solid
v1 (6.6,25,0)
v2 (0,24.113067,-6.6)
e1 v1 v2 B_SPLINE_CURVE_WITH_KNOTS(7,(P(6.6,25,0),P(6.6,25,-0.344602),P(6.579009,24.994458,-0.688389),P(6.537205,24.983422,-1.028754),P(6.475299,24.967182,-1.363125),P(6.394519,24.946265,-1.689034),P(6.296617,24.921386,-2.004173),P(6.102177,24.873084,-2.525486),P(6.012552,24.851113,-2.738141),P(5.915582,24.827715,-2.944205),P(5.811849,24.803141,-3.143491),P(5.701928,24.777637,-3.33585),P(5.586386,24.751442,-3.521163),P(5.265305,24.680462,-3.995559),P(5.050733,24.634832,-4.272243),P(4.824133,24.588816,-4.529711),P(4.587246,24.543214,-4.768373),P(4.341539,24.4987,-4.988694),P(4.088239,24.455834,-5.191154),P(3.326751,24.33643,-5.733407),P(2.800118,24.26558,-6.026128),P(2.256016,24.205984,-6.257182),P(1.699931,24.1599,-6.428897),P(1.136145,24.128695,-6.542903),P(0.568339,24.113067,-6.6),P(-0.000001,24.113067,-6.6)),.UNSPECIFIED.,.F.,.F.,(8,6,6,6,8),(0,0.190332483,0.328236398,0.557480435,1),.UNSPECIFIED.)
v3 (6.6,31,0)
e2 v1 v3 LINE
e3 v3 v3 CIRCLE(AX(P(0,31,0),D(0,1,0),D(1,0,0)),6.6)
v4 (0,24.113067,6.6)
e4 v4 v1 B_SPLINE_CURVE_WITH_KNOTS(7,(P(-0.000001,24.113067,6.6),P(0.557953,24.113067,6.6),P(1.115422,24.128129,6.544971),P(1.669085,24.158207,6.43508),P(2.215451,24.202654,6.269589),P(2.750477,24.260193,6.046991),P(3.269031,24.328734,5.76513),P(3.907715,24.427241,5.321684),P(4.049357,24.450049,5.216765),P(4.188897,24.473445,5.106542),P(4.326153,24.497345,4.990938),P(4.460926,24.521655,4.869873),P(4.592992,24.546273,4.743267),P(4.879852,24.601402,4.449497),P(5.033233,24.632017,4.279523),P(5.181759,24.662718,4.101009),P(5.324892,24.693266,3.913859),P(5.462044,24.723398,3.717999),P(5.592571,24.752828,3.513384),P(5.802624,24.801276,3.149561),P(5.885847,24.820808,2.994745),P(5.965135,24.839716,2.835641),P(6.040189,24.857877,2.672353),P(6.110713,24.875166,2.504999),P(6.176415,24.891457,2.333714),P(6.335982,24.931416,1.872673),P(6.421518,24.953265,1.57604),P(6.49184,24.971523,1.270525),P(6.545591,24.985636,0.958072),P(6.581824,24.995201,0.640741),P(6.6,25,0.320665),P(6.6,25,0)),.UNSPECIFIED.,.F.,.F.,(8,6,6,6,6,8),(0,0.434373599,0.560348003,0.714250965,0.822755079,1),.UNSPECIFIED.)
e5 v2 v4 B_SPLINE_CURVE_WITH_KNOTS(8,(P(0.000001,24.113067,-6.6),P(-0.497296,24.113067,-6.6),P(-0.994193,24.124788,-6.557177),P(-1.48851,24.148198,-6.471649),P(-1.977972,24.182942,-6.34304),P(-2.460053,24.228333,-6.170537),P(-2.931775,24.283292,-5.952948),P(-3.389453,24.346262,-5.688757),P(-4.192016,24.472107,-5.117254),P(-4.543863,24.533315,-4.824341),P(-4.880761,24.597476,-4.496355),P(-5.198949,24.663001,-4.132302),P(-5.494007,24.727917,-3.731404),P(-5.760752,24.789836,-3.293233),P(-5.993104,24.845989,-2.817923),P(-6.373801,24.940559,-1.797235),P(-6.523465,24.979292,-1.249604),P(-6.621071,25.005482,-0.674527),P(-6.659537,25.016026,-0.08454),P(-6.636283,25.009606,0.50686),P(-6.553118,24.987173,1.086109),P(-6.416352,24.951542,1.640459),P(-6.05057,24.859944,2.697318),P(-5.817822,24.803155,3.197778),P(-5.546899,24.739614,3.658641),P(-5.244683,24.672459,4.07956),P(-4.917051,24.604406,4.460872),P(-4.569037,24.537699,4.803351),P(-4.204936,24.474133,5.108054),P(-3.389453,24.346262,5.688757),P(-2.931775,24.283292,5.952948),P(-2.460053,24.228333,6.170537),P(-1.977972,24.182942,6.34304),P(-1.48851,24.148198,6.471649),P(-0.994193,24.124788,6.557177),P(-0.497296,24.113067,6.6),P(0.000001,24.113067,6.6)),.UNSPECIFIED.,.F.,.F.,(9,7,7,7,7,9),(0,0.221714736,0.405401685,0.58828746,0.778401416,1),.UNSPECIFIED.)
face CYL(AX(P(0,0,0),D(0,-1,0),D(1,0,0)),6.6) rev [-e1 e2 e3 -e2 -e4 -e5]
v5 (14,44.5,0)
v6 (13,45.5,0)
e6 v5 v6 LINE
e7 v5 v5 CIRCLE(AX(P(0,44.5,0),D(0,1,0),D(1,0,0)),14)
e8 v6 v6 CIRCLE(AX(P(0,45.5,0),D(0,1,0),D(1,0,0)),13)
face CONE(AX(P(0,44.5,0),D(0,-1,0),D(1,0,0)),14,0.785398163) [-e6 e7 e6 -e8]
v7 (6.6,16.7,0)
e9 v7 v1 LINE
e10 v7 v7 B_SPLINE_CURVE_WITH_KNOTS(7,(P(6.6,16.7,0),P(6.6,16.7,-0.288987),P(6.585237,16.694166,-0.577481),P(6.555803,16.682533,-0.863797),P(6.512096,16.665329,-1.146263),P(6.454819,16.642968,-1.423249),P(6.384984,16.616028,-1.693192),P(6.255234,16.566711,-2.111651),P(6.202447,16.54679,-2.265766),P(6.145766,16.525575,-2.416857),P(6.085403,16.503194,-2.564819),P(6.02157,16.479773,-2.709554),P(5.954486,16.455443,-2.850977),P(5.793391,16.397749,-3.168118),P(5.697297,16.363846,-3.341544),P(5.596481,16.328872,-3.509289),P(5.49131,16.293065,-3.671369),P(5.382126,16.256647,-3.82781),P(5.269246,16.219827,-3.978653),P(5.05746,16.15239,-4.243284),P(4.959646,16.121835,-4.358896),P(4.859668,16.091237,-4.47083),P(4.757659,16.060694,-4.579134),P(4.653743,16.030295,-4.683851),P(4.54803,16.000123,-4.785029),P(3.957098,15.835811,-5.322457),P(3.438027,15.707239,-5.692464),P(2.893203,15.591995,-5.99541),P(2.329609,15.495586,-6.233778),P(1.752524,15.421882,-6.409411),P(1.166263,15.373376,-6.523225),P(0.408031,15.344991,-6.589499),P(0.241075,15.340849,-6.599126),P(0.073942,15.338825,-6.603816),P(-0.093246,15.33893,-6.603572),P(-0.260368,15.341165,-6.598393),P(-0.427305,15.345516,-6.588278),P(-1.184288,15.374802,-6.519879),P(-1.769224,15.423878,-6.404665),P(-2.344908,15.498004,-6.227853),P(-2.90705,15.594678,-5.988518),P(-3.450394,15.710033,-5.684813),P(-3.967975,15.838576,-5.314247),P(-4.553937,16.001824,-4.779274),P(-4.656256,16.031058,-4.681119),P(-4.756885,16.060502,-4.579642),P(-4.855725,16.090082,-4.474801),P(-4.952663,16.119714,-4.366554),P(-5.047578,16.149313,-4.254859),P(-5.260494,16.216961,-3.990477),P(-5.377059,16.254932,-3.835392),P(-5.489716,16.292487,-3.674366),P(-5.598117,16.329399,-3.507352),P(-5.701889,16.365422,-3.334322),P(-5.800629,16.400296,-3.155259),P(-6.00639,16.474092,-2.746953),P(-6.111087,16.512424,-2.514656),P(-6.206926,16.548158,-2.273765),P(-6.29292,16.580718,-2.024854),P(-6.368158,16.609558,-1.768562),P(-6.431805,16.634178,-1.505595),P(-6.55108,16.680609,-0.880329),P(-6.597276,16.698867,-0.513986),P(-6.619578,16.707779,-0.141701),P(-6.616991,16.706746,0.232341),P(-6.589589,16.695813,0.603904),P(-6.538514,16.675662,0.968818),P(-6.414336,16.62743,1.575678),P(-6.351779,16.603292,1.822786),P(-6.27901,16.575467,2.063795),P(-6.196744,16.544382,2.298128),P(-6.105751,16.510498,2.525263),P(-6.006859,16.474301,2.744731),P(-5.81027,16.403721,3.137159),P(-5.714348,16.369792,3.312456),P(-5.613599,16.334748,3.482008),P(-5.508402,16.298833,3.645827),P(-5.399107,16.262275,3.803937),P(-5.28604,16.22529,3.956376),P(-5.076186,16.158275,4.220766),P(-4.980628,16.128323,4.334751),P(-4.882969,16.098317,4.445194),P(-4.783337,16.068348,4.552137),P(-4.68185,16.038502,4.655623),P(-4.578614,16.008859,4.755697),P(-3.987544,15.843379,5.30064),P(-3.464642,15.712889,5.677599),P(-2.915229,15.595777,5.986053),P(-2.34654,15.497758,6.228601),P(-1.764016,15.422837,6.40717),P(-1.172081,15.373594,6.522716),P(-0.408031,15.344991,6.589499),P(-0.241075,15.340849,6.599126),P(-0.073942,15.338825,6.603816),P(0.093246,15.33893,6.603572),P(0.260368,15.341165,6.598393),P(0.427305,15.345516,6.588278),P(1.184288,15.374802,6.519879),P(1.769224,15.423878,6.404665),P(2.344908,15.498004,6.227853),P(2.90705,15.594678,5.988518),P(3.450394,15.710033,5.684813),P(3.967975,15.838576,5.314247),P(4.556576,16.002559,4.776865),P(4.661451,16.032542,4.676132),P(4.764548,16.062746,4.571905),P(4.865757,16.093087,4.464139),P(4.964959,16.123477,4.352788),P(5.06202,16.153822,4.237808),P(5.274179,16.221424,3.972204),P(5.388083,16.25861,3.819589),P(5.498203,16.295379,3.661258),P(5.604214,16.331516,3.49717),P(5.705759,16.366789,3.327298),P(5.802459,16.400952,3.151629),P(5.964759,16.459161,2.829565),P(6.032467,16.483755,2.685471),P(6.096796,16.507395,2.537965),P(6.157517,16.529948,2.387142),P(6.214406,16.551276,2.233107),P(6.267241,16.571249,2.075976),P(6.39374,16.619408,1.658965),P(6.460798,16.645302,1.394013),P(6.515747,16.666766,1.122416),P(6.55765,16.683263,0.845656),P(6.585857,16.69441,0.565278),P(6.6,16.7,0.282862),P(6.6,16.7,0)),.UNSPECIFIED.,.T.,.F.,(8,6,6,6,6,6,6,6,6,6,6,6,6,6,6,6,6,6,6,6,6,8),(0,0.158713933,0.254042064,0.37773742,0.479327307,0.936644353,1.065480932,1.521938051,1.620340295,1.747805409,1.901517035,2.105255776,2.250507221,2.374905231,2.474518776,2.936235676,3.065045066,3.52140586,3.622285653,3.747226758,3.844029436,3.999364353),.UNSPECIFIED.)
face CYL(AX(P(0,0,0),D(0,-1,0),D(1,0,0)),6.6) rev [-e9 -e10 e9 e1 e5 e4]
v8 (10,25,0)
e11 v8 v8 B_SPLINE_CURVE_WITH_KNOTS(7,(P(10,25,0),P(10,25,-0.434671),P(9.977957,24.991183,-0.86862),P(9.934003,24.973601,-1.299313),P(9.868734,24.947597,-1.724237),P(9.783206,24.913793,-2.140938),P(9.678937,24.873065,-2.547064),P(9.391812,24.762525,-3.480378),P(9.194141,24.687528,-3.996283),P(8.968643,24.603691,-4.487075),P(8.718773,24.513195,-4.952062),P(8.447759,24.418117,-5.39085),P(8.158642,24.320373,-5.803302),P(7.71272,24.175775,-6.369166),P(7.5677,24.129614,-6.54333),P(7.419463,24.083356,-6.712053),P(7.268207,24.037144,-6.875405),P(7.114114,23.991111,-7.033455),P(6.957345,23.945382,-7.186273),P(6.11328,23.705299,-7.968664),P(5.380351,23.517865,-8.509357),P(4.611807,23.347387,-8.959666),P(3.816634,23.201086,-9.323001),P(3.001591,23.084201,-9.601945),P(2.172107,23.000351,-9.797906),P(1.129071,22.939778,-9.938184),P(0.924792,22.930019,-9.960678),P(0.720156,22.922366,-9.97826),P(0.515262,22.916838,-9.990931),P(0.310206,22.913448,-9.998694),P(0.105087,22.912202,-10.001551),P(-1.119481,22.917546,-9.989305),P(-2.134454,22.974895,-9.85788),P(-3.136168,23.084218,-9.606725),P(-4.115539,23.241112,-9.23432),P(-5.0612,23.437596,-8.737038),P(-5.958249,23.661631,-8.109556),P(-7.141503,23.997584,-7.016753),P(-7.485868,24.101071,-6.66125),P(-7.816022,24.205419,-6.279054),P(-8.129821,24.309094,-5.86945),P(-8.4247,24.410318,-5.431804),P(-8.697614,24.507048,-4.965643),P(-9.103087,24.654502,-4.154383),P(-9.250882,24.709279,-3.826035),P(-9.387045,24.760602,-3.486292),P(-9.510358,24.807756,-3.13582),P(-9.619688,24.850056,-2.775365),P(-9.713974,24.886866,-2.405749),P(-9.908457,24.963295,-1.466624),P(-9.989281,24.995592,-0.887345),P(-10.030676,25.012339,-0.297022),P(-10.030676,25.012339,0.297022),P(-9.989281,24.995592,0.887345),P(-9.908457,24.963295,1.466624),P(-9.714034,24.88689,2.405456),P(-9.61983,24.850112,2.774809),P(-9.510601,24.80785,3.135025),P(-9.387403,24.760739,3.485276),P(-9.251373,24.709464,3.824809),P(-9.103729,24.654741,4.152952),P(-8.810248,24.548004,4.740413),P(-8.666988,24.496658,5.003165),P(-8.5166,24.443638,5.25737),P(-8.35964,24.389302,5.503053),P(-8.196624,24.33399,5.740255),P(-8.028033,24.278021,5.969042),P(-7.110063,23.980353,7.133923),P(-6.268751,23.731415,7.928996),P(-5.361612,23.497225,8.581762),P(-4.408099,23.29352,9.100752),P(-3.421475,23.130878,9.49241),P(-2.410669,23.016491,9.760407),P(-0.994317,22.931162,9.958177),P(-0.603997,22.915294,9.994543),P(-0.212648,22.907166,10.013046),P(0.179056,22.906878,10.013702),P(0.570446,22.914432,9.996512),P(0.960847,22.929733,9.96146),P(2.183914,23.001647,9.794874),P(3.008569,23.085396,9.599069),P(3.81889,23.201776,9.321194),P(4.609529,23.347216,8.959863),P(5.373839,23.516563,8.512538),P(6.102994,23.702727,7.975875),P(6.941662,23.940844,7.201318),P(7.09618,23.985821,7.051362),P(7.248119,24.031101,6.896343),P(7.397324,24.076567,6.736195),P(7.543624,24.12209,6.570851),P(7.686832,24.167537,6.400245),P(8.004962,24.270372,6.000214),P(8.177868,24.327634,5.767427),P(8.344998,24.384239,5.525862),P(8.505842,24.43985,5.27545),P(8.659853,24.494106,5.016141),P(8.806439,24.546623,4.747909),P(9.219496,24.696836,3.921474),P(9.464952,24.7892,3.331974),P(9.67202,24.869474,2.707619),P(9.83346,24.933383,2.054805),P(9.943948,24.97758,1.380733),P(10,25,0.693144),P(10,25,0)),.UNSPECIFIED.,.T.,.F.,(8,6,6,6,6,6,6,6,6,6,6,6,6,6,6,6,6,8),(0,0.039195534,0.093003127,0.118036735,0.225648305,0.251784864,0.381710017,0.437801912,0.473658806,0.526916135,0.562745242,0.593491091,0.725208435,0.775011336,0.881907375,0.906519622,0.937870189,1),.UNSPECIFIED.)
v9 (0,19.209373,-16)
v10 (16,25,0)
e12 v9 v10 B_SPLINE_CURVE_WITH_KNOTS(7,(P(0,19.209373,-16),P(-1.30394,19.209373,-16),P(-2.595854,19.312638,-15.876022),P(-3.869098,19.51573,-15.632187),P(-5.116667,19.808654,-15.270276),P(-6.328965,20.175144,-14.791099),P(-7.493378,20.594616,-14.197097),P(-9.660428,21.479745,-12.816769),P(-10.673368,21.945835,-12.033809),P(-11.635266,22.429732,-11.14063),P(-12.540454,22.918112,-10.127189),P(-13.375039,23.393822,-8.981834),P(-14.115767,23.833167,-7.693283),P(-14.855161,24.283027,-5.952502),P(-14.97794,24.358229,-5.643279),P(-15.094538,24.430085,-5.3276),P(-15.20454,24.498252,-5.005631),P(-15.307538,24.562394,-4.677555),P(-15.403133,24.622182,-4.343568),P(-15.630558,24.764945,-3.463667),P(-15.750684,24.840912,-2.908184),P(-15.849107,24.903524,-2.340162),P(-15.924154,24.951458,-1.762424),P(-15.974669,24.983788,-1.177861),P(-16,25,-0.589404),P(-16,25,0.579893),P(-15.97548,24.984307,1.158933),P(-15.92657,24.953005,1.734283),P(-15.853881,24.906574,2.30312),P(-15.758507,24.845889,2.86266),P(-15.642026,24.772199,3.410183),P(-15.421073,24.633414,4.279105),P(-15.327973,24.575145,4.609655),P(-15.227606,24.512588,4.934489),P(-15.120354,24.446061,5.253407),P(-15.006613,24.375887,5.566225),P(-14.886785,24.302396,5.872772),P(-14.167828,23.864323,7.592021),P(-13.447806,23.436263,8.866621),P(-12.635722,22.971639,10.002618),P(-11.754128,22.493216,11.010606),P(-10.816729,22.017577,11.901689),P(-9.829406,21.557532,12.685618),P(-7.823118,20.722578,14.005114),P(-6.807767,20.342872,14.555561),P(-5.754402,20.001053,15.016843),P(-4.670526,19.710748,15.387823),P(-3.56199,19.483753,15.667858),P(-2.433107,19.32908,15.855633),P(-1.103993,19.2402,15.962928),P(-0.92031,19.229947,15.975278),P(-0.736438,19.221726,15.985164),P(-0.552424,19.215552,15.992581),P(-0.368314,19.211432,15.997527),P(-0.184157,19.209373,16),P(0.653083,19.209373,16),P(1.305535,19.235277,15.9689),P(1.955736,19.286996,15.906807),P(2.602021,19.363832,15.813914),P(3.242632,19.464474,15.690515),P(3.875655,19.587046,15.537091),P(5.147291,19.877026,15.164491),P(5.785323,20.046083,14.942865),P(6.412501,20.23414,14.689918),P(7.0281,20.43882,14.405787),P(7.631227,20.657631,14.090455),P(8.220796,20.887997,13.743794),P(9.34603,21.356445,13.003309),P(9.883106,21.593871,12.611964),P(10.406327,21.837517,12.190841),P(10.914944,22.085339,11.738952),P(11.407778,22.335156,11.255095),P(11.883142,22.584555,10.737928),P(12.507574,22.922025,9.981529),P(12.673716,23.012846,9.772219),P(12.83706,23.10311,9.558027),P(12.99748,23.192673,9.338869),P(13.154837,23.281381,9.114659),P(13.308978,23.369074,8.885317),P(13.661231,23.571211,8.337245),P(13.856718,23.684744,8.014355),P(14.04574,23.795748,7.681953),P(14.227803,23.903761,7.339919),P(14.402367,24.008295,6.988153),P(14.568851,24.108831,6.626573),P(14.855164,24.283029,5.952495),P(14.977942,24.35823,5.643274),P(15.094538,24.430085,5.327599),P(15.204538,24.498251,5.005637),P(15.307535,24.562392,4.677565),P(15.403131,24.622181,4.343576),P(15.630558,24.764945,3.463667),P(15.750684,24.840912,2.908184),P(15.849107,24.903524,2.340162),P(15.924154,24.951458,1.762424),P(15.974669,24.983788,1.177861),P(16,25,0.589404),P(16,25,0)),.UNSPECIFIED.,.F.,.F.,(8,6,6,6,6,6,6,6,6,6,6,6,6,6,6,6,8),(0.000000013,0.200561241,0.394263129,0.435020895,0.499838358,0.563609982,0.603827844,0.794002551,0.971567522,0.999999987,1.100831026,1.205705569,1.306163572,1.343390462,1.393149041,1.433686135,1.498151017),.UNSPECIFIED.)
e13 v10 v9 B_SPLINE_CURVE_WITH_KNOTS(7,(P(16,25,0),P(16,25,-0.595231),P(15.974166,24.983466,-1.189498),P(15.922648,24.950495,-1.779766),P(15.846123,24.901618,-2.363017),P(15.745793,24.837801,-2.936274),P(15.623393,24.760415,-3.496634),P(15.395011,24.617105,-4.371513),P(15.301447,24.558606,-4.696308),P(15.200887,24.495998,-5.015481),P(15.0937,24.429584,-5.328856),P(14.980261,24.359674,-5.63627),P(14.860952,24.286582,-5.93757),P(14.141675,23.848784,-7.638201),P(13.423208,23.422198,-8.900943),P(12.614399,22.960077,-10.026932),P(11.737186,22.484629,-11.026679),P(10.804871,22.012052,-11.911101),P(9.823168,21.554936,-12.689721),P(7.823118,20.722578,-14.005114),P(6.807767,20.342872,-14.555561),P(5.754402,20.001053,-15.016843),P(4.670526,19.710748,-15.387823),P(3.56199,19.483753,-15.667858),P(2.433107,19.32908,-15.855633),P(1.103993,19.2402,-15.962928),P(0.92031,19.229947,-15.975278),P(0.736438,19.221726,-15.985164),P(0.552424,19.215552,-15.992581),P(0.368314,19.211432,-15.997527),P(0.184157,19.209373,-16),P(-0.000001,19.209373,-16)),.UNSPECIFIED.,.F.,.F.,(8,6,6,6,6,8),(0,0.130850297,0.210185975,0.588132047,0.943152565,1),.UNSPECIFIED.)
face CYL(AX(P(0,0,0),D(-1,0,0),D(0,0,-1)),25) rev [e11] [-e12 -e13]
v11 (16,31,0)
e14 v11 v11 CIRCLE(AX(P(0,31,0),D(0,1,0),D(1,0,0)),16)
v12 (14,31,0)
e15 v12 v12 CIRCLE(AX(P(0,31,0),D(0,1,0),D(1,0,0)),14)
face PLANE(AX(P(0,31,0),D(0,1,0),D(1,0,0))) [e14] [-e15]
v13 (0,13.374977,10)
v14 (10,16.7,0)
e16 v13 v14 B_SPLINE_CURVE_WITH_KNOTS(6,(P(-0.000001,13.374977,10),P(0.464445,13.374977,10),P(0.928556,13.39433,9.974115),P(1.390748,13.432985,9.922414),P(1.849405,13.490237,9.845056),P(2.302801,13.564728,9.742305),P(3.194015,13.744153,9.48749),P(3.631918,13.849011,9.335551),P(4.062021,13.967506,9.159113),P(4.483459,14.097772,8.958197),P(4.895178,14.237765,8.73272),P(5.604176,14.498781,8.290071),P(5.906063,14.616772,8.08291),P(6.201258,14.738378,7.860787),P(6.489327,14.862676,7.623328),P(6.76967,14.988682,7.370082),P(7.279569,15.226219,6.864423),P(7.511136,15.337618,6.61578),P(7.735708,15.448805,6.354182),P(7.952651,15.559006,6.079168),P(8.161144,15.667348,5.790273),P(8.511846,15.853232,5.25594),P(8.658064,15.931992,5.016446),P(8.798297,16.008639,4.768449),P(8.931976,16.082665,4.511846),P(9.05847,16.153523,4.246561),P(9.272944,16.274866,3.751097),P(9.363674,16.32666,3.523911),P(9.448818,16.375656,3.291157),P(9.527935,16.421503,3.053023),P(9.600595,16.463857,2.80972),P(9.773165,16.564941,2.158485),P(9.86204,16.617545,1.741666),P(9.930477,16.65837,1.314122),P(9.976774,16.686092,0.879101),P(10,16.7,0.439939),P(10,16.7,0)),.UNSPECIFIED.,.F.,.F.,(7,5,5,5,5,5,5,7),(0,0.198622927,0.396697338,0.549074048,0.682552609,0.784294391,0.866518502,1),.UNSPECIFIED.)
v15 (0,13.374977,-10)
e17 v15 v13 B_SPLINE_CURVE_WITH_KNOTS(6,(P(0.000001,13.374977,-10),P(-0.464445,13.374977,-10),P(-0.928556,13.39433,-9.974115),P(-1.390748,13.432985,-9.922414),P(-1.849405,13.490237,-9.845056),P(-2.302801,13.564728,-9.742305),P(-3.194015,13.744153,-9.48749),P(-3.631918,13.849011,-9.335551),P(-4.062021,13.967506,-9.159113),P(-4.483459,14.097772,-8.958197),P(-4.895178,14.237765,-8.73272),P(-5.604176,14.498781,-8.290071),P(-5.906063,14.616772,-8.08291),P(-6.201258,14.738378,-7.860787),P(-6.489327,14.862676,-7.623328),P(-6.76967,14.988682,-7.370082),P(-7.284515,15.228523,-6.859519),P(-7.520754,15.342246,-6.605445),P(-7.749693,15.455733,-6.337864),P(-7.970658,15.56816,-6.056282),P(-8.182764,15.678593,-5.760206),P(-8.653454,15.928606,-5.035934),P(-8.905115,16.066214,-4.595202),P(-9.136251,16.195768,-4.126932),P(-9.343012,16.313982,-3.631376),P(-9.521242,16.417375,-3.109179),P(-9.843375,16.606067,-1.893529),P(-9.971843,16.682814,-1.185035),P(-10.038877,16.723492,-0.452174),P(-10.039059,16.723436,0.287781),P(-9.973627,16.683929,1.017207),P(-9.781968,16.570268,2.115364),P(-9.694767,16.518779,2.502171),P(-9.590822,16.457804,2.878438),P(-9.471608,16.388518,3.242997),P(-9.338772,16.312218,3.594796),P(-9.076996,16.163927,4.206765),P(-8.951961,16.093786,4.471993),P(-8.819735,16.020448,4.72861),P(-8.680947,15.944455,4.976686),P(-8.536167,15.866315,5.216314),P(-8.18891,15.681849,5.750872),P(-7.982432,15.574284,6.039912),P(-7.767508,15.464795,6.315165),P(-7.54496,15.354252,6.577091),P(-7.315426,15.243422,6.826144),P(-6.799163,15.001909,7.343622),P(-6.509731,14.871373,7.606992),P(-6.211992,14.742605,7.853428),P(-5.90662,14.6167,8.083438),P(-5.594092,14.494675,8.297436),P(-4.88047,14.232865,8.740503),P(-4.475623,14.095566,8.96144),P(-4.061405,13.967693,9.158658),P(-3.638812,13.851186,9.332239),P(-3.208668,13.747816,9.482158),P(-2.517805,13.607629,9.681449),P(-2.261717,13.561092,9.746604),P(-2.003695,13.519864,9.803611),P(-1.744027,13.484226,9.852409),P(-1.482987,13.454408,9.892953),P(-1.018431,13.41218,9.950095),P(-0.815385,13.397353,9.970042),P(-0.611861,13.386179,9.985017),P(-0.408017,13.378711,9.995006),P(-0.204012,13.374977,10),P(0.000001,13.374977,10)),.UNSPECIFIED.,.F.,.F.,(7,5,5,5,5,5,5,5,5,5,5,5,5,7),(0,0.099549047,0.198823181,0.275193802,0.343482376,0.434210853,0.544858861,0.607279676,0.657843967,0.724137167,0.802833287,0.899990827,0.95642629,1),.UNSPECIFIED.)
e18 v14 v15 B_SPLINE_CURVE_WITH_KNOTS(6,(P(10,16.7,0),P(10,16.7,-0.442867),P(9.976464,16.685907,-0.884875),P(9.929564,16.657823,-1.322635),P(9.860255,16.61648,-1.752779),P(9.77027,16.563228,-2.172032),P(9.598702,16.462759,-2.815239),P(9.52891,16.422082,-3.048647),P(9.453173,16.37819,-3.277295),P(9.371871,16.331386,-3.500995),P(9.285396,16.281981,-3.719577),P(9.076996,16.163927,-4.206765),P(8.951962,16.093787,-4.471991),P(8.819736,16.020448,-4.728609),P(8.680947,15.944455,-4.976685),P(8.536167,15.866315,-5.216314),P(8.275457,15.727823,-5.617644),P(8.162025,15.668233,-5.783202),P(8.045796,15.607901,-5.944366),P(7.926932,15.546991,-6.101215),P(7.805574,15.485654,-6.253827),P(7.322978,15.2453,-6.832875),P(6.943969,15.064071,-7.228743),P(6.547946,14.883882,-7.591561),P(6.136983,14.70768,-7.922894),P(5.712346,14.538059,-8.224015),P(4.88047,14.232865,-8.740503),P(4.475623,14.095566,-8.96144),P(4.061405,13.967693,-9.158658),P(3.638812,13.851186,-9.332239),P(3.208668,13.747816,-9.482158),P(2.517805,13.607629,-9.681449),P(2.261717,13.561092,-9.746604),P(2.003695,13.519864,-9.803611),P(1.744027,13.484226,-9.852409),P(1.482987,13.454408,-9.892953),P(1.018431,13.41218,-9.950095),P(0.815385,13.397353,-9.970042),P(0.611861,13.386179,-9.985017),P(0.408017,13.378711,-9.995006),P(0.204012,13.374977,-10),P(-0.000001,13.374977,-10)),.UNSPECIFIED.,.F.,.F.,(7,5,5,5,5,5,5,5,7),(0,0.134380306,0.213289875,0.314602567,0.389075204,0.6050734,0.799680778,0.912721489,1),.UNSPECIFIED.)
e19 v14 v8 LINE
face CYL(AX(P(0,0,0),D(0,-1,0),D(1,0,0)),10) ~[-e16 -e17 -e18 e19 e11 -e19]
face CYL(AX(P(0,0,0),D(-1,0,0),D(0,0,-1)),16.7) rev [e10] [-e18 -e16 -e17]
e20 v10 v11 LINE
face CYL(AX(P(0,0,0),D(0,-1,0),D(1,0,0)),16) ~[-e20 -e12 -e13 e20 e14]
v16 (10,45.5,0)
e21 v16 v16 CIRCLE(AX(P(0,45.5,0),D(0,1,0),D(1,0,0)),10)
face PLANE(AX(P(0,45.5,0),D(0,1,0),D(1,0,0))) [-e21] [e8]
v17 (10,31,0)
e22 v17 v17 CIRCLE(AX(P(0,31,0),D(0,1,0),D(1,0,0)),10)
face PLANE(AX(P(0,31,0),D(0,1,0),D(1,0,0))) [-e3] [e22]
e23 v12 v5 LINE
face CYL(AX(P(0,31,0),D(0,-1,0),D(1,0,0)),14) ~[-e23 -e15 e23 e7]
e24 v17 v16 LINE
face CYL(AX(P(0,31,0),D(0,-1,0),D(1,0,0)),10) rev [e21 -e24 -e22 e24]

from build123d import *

# Parameters (mm, degrees)
SKETCH1_R               = 16
SKETCH1_R_2             = 6.6
BOSS_EXTRUDE1_DEPTH     = 31
SKETCH2_R               = 14
SKETCH2_R_2             = 10
BOSS_EXTRUDE2_DEPTH     = 14.5
SKETCH3_R               = 25
CUT_EXTRUDE1_DEPTH      = 17
CUT_EXTRUDE1_DEPTH_BACK = 17
BOSS_EXTRUDE3_REACH     = 47.5
SKETCH4_R               = 10
SKETCH4_R_2             = 6.6
SKETCH5_R               = 16.7
CUT_EXTRUDE2_DEPTH      = 17.0000001
CUT_EXTRUDE2_DEPTH_BACK = 17.0000001
CHAMFER1_SIZE           = 1


with BuildPart() as part:
    # Sketch1 → Boss-Extrude1 (new body)
    with BuildSketch(Plane(origin=(0, 0, 0), x_dir=(1, 0, 0), z_dir=(0, 1, 0))):
        Circle(SKETCH1_R)
        Circle(SKETCH1_R_2, mode=Mode.SUBTRACT)
    extrude(amount=BOSS_EXTRUDE1_DEPTH)

    # Sketch2 → Boss-Extrude2 (add)
    with BuildSketch(Plane(origin=(0, 31, 0), x_dir=(1, 0, 0), z_dir=(0, 1, 0))):
        Circle(SKETCH2_R)
        Circle(SKETCH2_R_2, mode=Mode.SUBTRACT)
    extrude(amount=BOSS_EXTRUDE2_DEPTH)

    # Sketch3 → Cut-Extrude1 (cut, two sides)
    with BuildSketch(Plane(origin=(0, 0, 0), x_dir=(0, 0, -1), z_dir=(1, 0, 0))) as cut_extrude1_sk:
        Circle(SKETCH3_R)
    extrude(amount=CUT_EXTRUDE1_DEPTH, mode=Mode.SUBTRACT)
    extrude(cut_extrude1_sk.sketch, amount=-CUT_EXTRUDE1_DEPTH_BACK, mode=Mode.SUBTRACT)

    # Sketch4 → Boss-Extrude3 (add, up to next)
    with BuildSketch(Plane(origin=(0, 0, 0), x_dir=(1, 0, 0), z_dir=(0, 1, 0)), mode=Mode.PRIVATE) as boss_extrude3_sk1:
        Circle(SKETCH4_R)
        Circle(SKETCH4_R_2, mode=Mode.SUBTRACT)
    boss_extrude3_tool1 = extrude(boss_extrude3_sk1.sketch, amount=BOSS_EXTRUDE3_REACH, mode=Mode.PRIVATE) - part.part
    add(boss_extrude3_tool1.solids().sort_by_distance((-9.717157, 0, 0))[0])

    # Sketch5 → Cut-Extrude2 (cut, two sides)
    with BuildSketch(Plane(origin=(0, 0, 0), x_dir=(0, 0, -1), z_dir=(1, 0, 0))) as cut_extrude2_sk:
        Circle(SKETCH5_R)
    extrude(amount=CUT_EXTRUDE2_DEPTH, mode=Mode.SUBTRACT)
    extrude(cut_extrude2_sk.sketch, amount=-CUT_EXTRUDE2_DEPTH_BACK, mode=Mode.SUBTRACT)

    # Chamfer1
    chamfer1_edges = [part.edges().sort_by_distance(p)[0] for p in [
        (-14, 45.5, 0),
    ]]
    chamfer(chamfer1_edges, length=CHAMFER1_SIZE)


solid = part.part
